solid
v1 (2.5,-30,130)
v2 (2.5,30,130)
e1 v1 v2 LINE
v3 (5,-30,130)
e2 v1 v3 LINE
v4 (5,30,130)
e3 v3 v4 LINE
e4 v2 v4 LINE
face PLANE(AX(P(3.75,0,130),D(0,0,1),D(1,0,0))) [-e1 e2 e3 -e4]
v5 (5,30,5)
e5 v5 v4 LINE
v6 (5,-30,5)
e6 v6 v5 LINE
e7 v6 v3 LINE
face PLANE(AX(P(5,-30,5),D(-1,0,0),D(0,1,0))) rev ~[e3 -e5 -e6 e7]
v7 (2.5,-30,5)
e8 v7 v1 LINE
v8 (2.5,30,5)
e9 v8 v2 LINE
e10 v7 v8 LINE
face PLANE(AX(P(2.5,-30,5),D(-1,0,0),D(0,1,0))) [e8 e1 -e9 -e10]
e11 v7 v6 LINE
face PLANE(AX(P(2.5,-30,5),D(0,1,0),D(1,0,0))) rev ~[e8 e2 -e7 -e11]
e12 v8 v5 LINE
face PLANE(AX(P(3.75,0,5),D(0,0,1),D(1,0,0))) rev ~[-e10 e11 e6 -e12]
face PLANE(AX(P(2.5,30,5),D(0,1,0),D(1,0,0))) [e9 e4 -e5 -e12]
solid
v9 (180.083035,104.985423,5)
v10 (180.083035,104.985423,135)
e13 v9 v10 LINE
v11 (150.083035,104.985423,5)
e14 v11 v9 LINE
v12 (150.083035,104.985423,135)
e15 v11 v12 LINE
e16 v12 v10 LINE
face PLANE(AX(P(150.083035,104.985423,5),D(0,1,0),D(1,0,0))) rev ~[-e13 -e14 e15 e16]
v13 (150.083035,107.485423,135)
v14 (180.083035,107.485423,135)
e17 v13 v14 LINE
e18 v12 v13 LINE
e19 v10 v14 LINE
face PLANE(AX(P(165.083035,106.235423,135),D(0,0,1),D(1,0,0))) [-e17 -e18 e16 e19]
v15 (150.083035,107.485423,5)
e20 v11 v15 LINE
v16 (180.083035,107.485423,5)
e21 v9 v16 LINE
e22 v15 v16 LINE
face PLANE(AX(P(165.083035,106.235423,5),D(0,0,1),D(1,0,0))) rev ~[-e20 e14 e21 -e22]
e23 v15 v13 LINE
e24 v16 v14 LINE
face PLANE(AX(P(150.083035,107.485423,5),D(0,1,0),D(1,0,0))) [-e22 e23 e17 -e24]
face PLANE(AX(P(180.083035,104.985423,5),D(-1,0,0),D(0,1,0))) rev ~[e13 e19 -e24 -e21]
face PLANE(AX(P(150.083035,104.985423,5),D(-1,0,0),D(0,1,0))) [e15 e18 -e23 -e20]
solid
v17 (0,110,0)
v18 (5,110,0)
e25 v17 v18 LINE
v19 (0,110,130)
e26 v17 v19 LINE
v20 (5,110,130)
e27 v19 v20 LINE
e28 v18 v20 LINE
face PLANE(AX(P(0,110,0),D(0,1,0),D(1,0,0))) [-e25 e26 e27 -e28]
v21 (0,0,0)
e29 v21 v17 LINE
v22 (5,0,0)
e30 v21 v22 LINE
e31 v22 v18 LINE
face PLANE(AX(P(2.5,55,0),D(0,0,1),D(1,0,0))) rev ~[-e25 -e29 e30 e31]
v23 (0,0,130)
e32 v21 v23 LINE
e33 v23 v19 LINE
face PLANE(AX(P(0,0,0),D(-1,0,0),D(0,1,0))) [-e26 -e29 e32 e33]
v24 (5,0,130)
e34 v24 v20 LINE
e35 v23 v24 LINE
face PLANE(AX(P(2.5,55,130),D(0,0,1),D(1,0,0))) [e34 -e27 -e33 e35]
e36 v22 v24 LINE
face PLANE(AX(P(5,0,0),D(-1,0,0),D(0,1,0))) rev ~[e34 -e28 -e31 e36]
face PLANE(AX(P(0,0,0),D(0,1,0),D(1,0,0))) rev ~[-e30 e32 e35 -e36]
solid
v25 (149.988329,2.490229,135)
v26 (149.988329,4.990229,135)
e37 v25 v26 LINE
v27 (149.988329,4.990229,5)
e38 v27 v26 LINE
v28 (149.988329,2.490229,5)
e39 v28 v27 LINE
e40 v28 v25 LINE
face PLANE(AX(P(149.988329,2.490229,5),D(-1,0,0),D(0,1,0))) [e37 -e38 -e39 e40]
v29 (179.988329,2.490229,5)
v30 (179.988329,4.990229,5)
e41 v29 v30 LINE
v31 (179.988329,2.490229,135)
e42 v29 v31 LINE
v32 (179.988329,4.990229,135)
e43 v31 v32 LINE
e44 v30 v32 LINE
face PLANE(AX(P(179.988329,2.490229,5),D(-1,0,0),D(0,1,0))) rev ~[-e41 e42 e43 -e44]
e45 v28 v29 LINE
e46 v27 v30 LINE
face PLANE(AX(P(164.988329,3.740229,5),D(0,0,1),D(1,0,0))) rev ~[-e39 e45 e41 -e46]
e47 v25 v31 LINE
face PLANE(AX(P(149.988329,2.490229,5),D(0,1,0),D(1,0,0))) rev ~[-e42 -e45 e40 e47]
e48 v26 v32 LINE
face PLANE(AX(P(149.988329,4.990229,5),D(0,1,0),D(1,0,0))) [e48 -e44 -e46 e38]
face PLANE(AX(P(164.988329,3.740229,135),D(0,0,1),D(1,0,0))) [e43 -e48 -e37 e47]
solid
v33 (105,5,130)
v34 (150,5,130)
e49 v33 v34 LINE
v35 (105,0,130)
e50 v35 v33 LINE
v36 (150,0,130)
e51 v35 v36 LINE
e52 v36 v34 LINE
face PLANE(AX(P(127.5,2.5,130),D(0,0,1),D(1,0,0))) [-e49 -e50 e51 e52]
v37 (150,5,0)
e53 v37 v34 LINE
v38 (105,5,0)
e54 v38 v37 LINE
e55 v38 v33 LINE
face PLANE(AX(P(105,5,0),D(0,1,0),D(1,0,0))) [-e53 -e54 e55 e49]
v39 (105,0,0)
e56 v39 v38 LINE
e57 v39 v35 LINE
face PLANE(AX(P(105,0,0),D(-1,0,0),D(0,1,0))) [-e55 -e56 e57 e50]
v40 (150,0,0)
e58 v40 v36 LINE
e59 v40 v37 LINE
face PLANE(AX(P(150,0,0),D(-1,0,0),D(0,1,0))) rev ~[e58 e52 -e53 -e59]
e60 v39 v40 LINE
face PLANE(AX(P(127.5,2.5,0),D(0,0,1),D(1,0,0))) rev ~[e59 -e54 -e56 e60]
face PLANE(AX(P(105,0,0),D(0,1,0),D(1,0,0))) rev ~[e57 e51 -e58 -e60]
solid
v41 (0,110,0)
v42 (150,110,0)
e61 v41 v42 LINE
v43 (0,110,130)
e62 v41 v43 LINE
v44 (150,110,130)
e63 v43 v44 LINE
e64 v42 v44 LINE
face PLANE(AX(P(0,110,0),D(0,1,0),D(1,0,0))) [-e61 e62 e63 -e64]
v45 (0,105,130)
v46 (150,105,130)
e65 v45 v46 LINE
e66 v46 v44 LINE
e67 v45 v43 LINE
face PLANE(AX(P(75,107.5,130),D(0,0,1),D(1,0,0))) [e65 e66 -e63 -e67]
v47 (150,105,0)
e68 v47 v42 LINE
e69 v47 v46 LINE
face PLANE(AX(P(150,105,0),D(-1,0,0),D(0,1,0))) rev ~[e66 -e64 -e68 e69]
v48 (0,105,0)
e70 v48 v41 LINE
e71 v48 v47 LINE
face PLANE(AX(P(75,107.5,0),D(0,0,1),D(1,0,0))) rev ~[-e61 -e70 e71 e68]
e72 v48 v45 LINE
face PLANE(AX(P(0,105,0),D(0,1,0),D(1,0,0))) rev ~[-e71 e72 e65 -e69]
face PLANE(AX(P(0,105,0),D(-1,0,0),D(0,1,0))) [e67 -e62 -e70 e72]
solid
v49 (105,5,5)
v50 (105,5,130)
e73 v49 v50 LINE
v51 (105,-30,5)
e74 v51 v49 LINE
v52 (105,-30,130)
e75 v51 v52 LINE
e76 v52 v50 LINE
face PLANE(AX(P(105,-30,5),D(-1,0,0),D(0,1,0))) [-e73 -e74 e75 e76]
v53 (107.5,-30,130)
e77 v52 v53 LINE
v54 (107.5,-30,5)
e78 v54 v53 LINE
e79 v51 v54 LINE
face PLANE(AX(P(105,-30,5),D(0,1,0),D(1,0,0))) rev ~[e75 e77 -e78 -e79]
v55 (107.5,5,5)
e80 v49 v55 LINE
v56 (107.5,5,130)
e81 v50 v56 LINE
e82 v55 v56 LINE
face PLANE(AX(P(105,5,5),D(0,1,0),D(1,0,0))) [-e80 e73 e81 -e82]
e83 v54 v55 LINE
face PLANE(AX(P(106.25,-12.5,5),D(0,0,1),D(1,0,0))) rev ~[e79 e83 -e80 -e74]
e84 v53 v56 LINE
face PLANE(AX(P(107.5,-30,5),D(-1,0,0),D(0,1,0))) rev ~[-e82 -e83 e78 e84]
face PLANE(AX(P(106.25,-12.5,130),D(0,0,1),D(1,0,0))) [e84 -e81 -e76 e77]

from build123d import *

# Parameters (mm, degrees)
BOX010_W     = 2.5
BOX010_H     = 35
BOX010_DEPTH = 125
BOX009_W     = 2.5
BOX009_H     = 60
BOX009_DEPTH = 125
BOX004_W     = 5
BOX004_H     = 110
BOX004_DEPTH = 130
BOX002_W     = 150
BOX002_H     = 5
BOX002_DEPTH = 130
BOX003_W     = 45
BOX003_H     = 5
BOX003_DEPTH = 130
BOX006_W     = 30
BOX006_H     = 2.5
BOX006_DEPTH = 130
BOX007_W     = 30
BOX007_H     = 2.5
BOX007_DEPTH = 130


with BuildPart() as cube010:
    # Box010 → Box010 (new body)
    with BuildSketch(Plane(origin=(105, -30, 5), x_dir=(1, 0, 0), z_dir=(0, 0, 1))):
        with Locations((1.25, 17.5)):
            Rectangle(BOX010_W, BOX010_H)
    extrude(amount=BOX010_DEPTH)


with BuildPart() as cube009:
    # Box009 → Box009 (new body)
    with BuildSketch(Plane(origin=(2.5, -30, 5), x_dir=(1, 0, 0), z_dir=(0, 0, 1))):
        with Locations((1.25, 30)):
            Rectangle(BOX009_W, BOX009_H)
    extrude(amount=BOX009_DEPTH)


with BuildPart() as cube004:
    # Box004 → Box004 (new body)
    with BuildSketch(Plane.XY):
        with Locations((2.5, 55)):
            Rectangle(BOX004_W, BOX004_H)
    extrude(amount=BOX004_DEPTH)


with BuildPart() as cube002:
    # Box002 → Box002 (new body)
    with BuildSketch(Plane(origin=(0, 105, 0), x_dir=(1, 0, 0), z_dir=(0, 0, 1))):
        with Locations((75, 2.5)):
            Rectangle(BOX002_W, BOX002_H)
    extrude(amount=BOX002_DEPTH)


with BuildPart() as cube003:
    # Box003 → Box003 (new body)
    with BuildSketch(Plane(origin=(105, 0, 0), x_dir=(1, 0, 0), z_dir=(0, 0, 1))):
        with Locations((22.5, 2.5)):
            Rectangle(BOX003_W, BOX003_H)
    extrude(amount=BOX003_DEPTH)


with BuildPart() as cube006:
    # Box006 → Box006 (new body)
    with BuildSketch(Plane(origin=(149.988329, 2.490229, 5), x_dir=(1, 0, 0), z_dir=(0, 0, 1))):
        with Locations((15, 1.25)):
            Rectangle(BOX006_W, BOX006_H)
    extrude(amount=BOX006_DEPTH)


with BuildPart() as cube007:
    # Box007 → Box007 (new body)
    with BuildSketch(Plane(origin=(150.083035, 104.985423, 5), x_dir=(1, 0, 0), z_dir=(0, 0, 1))):
        with Locations((15, 1.25)):
            Rectangle(BOX007_W, BOX007_H)
    extrude(amount=BOX007_DEPTH)


solid = Compound([cube010.part, cube009.part, cube004.part, cube002.part, cube003.part, cube006.part, cube007.part])
